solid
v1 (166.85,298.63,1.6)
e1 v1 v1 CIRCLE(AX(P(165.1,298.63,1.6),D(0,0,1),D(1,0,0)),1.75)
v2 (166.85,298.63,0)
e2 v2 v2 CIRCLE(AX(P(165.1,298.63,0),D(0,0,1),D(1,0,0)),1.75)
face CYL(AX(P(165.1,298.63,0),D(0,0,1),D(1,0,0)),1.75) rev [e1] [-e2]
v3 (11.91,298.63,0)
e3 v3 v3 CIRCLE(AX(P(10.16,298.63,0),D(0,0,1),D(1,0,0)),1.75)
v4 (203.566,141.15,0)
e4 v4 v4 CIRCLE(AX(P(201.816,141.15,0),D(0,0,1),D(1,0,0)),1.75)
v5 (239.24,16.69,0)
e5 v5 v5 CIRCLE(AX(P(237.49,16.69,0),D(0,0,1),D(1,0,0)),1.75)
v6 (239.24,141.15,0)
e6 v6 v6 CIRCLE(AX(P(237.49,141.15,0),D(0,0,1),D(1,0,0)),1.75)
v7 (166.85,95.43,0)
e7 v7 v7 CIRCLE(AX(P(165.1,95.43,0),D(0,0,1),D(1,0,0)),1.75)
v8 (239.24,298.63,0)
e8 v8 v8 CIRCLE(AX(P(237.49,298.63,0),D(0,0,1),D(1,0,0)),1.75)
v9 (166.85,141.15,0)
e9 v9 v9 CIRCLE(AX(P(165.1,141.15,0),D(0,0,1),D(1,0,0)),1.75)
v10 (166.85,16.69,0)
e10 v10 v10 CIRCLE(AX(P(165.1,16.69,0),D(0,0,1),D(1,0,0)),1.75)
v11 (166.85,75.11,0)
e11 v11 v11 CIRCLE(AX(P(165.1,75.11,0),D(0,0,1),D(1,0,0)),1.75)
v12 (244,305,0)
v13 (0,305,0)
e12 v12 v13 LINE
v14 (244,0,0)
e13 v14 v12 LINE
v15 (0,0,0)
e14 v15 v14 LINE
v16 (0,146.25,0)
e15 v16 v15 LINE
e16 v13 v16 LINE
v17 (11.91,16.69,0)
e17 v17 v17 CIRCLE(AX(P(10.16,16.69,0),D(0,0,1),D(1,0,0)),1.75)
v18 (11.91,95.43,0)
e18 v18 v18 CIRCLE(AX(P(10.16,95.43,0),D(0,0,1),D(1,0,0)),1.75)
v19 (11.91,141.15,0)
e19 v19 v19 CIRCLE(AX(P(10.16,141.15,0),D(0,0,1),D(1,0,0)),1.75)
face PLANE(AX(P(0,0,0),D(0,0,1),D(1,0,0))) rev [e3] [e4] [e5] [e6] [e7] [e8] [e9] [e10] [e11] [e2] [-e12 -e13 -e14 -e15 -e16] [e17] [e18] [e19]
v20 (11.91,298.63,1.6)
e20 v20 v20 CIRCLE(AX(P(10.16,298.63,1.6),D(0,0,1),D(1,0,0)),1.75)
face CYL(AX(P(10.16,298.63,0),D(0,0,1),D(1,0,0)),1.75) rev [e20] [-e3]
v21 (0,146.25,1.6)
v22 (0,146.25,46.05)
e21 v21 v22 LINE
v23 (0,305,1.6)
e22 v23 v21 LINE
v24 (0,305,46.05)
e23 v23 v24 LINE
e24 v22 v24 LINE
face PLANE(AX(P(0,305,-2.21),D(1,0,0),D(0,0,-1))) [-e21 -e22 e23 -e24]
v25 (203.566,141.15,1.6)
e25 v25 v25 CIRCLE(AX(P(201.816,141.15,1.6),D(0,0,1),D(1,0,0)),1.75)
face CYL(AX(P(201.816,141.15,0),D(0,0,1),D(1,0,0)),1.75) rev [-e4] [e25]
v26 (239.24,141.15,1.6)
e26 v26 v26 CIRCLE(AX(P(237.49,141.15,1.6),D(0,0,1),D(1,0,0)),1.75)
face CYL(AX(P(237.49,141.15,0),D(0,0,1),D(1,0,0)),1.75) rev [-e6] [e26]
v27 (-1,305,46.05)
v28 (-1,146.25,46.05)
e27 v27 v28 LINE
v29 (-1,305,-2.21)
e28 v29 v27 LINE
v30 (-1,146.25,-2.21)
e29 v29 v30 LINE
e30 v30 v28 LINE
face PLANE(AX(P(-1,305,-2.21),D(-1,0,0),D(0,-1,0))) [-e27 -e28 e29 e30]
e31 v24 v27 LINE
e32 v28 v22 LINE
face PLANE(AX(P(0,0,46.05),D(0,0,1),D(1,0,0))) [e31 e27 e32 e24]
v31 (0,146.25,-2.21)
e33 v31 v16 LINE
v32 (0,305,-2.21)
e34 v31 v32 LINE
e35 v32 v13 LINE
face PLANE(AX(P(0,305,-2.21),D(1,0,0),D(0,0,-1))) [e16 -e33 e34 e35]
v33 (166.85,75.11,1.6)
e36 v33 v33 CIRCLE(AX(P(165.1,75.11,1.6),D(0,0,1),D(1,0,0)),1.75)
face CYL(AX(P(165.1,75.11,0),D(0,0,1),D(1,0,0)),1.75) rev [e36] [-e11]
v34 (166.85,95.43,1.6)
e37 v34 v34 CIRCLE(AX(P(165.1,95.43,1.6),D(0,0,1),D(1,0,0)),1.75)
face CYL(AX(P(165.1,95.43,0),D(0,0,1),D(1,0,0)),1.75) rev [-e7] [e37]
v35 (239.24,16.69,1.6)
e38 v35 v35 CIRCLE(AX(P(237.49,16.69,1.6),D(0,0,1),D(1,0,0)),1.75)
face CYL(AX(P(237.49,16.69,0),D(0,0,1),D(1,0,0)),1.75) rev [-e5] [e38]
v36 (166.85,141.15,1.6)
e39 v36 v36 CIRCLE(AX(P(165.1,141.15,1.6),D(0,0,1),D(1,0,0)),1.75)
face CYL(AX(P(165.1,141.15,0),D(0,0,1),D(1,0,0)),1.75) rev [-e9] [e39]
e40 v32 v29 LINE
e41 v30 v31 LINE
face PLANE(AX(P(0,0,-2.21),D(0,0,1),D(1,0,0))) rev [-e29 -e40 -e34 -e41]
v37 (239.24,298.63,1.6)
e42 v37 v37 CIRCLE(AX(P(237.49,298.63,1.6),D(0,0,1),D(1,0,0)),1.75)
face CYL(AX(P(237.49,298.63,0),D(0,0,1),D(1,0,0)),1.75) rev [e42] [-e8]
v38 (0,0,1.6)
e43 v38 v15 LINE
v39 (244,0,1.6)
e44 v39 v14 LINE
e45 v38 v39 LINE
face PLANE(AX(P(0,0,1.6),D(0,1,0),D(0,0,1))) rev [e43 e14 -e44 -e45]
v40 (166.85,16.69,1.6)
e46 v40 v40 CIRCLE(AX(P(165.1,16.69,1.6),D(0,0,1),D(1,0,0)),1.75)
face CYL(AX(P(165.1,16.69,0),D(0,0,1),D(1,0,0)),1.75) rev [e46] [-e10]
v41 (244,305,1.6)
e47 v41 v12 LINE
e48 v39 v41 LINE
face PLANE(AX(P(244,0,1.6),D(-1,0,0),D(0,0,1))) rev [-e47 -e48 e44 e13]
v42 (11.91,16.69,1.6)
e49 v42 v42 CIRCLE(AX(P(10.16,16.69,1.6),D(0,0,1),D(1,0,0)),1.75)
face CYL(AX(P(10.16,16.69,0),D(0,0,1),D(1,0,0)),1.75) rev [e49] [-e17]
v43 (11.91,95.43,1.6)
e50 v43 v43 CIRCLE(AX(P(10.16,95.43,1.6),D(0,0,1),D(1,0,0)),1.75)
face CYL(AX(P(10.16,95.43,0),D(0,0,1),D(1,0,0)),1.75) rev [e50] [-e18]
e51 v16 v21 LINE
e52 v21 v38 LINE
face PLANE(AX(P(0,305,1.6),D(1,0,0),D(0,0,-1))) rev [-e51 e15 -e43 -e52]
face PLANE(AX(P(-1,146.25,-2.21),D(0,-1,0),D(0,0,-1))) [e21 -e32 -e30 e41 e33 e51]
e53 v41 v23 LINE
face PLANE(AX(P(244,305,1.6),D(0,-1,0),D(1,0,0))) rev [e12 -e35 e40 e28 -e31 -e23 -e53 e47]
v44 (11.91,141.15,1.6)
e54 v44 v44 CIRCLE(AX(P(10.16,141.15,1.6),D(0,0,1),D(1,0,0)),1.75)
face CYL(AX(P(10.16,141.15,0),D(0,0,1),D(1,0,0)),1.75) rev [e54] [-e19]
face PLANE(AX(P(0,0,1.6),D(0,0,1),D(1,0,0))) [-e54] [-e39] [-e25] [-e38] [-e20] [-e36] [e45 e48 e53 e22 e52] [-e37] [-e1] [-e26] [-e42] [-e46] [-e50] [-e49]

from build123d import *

# Parameters (mm, degrees)
SKETCH_1_W           = 244
SKETCH_1_H           = 305
EXTRUDE_1_DEPTH      = 1.6
SKETCH_2_R           = 1.75
CUT_EXTRUDE_1_DEPTH  = 391.593855558
EXTRUDE_2_DEPTH      = 44.45
EXTRUDE_2_DEPTH_BACK = 3.81
SKETCH_3_W           = 1
SKETCH_3_H           = 158.75


with BuildPart() as part:
    # 草图1 → 凸台-拉伸1 (new body)
    with BuildSketch(Plane.XY):
        with Locations((122, 152.5)):
            Rectangle(SKETCH_1_W, SKETCH_1_H)
    extrude(amount=EXTRUDE_1_DEPTH)

    # 草图2 → 切除-拉伸1 (cut, through all)
    with BuildSketch(Plane.XY.offset(1.6)):
        with Locations((10.16, 16.69)):
            Circle(SKETCH_2_R)
        with Locations((165.1, 16.69)):
            Circle(SKETCH_2_R)
        with Locations((237.49, 16.69)):
            Circle(SKETCH_2_R)
        with Locations((165.1, 75.11)):
            Circle(SKETCH_2_R)
        with Locations((10.16, 95.43)):
            Circle(SKETCH_2_R)
        with Locations((165.1, 95.43)):
            Circle(SKETCH_2_R)
        with Locations((10.16, 141.15)):
            Circle(SKETCH_2_R)
        with Locations((165.1, 141.15)):
            Circle(SKETCH_2_R)
        with Locations((237.49, 141.15)):
            Circle(SKETCH_2_R)
        with Locations((10.16, 298.63)):
            Circle(SKETCH_2_R)
        with Locations((165.1, 298.63)):
            Circle(SKETCH_2_R)
        with Locations((237.49, 298.63)):
            Circle(SKETCH_2_R)
        with Locations((201.816, 141.15)):
            Circle(SKETCH_2_R)
    extrude(amount=-CUT_EXTRUDE_1_DEPTH, mode=Mode.SUBTRACT)

    # 草图3 → 凸台-拉伸2 (add, two sides: drawn at the far end of the back side and taken through both)
    with BuildSketch(Plane.XY.offset(1.6).offset(-EXTRUDE_2_DEPTH_BACK)):
        with Locations((-0.5, 225.625)):
            Rectangle(SKETCH_3_W, SKETCH_3_H)
    extrude(amount=EXTRUDE_2_DEPTH + EXTRUDE_2_DEPTH_BACK)


solid = part.part
